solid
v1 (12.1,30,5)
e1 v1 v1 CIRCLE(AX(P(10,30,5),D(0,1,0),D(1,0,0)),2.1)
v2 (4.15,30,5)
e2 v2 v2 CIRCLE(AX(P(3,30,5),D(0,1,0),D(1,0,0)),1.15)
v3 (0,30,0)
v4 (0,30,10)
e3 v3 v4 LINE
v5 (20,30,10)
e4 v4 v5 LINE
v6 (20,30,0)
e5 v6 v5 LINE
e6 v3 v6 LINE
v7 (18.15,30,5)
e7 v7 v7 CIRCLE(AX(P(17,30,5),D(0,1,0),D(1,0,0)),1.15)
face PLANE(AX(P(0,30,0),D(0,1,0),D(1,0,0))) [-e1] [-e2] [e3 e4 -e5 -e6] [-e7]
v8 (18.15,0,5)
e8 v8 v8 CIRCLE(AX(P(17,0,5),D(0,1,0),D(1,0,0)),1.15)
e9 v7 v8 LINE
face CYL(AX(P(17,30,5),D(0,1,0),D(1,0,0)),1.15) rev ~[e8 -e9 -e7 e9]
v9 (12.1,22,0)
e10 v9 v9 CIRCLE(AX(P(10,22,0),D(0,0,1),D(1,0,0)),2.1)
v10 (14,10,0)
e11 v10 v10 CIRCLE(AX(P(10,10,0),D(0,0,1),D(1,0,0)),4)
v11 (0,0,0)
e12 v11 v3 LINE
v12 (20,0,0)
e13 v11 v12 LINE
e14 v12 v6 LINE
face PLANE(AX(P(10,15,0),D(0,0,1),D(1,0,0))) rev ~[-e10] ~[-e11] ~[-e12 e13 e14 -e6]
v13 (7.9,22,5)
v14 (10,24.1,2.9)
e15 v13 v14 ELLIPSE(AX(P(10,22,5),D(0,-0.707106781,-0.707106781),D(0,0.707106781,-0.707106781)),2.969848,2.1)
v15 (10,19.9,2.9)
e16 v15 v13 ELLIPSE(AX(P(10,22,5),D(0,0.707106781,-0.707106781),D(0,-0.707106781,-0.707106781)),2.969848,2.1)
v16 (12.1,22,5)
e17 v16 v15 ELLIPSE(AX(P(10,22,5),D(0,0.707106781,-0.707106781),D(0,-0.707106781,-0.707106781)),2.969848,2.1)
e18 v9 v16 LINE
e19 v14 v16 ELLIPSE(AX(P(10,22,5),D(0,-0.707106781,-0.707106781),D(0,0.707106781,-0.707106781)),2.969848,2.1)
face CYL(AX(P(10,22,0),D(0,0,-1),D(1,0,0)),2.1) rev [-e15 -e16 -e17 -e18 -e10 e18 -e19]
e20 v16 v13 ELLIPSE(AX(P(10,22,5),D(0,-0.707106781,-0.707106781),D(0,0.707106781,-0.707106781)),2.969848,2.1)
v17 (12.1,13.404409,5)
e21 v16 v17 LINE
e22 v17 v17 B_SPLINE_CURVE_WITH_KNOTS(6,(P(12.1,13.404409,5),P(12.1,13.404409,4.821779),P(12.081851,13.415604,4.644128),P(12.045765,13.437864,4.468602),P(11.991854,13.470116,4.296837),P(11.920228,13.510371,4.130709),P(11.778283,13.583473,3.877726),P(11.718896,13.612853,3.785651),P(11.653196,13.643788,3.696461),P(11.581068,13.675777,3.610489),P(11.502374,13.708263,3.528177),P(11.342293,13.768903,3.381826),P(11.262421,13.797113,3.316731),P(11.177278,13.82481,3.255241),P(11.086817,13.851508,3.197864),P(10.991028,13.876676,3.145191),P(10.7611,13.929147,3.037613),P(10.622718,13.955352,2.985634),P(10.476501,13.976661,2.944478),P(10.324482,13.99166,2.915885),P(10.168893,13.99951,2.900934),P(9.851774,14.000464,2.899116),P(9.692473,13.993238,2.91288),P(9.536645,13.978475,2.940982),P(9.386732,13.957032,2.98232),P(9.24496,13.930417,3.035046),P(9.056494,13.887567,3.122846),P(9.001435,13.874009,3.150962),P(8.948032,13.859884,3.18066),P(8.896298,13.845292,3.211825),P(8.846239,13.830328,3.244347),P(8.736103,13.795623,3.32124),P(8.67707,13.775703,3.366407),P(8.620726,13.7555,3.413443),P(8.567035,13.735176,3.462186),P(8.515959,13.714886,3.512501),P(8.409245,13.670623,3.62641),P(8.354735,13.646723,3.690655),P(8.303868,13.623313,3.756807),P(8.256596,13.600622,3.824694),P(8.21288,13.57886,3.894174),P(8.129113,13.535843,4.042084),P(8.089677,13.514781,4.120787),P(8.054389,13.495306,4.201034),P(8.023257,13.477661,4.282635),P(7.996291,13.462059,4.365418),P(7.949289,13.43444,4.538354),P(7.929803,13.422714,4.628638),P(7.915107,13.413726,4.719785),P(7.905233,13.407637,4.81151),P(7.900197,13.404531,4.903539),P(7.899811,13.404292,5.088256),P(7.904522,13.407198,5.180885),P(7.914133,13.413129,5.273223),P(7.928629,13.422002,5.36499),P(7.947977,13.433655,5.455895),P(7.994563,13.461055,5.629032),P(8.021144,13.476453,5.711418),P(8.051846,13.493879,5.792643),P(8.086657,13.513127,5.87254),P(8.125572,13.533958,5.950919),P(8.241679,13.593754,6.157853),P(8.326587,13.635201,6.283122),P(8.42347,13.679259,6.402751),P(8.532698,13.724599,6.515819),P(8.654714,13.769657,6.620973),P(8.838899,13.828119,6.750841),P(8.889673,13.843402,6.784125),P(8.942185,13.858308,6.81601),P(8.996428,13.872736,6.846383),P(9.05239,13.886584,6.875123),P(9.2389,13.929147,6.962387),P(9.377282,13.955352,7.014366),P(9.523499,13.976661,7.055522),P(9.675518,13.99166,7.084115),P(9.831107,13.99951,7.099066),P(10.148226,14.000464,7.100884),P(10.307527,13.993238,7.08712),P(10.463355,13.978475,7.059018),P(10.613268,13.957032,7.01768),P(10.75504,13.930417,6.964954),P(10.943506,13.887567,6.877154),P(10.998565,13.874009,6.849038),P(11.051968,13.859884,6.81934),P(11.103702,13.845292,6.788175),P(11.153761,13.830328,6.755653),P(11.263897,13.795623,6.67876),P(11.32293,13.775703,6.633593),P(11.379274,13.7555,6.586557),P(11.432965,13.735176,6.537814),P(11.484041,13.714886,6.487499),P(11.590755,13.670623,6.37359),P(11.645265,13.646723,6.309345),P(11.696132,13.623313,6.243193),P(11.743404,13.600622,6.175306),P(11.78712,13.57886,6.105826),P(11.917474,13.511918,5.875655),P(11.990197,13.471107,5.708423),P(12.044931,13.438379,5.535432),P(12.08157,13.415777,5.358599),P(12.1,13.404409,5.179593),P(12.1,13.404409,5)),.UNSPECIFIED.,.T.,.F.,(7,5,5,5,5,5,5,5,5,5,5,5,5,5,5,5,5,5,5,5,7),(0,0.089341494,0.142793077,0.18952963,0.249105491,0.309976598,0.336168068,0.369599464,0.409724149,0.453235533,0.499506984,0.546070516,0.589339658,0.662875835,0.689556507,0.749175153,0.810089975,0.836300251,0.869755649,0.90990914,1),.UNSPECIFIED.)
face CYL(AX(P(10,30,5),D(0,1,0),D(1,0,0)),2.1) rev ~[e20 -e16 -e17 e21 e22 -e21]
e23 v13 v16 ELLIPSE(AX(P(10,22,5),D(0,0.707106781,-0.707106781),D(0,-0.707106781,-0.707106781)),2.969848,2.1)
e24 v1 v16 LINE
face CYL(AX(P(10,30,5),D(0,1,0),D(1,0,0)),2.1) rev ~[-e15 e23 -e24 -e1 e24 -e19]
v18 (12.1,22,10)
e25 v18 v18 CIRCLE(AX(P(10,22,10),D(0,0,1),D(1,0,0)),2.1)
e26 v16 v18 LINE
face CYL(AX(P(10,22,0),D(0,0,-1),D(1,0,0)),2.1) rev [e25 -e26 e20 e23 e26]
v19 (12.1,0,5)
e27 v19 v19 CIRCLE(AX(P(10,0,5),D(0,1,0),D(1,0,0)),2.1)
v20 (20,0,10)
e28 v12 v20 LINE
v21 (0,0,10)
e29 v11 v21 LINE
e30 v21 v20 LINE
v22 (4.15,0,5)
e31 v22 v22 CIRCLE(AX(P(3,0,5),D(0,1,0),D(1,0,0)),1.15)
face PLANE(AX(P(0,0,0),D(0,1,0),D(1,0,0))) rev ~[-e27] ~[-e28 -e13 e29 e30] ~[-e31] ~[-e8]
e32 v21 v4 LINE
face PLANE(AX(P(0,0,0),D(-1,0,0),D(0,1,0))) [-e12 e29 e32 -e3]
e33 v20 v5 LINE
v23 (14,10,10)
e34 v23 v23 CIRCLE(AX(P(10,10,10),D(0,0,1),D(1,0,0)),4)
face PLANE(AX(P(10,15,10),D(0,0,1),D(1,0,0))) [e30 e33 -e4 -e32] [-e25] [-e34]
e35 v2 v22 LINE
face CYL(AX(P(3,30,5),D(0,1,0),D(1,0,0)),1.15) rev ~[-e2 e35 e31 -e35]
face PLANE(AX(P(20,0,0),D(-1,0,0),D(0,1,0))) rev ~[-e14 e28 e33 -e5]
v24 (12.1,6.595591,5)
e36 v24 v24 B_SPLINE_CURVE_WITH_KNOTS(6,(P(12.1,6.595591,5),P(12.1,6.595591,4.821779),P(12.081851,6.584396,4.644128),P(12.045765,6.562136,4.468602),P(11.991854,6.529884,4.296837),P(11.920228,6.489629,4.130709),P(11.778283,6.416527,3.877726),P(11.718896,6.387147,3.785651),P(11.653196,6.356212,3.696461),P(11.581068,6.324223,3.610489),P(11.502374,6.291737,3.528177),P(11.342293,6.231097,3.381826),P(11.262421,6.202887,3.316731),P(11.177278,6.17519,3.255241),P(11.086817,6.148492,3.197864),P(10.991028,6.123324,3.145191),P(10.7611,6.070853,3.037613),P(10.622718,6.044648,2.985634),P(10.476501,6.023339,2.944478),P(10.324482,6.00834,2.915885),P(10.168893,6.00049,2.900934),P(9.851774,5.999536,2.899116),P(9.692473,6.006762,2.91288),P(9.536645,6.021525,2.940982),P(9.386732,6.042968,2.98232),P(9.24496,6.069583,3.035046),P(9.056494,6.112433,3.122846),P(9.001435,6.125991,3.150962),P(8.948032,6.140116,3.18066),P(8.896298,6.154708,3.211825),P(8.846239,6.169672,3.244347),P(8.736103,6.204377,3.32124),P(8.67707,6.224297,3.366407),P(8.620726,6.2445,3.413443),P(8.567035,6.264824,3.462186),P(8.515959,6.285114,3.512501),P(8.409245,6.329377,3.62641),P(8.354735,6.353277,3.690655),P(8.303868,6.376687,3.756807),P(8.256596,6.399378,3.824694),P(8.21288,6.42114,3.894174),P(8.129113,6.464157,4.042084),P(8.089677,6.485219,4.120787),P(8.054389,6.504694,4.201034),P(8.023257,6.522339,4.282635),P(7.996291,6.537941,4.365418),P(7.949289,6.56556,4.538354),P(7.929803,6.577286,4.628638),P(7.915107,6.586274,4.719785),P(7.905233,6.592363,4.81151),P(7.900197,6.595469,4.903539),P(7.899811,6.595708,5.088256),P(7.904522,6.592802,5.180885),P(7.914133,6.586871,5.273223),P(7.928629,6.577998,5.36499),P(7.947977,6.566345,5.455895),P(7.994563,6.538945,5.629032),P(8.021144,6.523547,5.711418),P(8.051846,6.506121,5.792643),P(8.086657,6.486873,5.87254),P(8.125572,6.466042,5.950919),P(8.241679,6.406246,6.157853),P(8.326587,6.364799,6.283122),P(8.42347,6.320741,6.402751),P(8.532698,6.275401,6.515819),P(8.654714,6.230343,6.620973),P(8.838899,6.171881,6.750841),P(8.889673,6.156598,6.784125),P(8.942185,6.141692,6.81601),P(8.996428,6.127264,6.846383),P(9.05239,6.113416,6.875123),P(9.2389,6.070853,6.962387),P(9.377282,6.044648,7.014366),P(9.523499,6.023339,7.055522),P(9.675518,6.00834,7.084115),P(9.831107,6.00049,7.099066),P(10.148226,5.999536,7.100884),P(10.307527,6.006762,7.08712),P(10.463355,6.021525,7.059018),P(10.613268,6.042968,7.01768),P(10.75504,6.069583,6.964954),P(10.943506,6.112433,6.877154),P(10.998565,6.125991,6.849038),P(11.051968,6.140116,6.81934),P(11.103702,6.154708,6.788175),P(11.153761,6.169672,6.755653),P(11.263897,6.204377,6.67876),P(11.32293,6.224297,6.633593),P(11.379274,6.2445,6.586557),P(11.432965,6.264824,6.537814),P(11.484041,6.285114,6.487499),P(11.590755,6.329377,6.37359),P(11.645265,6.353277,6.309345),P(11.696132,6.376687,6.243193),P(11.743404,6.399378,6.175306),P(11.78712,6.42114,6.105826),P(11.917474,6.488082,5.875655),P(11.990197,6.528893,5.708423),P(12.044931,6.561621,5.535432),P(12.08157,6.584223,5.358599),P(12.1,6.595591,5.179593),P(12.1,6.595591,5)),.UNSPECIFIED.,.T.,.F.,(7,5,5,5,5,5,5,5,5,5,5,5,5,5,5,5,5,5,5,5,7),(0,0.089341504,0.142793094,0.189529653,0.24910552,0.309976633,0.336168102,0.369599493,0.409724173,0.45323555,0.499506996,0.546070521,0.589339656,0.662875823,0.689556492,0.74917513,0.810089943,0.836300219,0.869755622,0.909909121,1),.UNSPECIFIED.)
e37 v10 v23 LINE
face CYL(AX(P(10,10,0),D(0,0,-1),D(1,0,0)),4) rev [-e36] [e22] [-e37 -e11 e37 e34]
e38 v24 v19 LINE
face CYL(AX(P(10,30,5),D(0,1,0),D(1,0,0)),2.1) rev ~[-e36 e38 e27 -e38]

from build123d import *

# Parameters (mm, degrees)
SKETCH1_W           = 20
SKETCH1_H           = 30
SKETCH1_R           = 4
SKETCH1_R_2         = 2.1
BOSS_EXTRUDE1_DEPTH = 10
SKETCH2_R           = 1.15
SKETCH2_R_2         = 2.1
CUT_EXTRUDE1_DEPTH  = 31


with BuildPart() as part:
    # Sketch1 → Boss-Extrude1 (new body)
    with BuildSketch(Plane.XY):
        with Locations((10, 15)):
            Rectangle(SKETCH1_W, SKETCH1_H)
        with Locations((10, 10)):
            Circle(SKETCH1_R, mode=Mode.SUBTRACT)
        with Locations((10, 22)):
            Circle(SKETCH1_R_2, mode=Mode.SUBTRACT)
    extrude(amount=BOSS_EXTRUDE1_DEPTH)

    # Sketch2 → Cut-Extrude1 (cut, through all)
    with BuildSketch(Plane(origin=(0, 30, 0), x_dir=(1, 0, 0), z_dir=(0, 1, 0))):
        with Locations((3, -5)):
            Circle(SKETCH2_R)
        with Locations((17, -5)):
            Circle(SKETCH2_R)
        with Locations((10, -5)):
            Circle(SKETCH2_R_2)
    extrude(amount=-CUT_EXTRUDE1_DEPTH, mode=Mode.SUBTRACT)


solid = part.part
